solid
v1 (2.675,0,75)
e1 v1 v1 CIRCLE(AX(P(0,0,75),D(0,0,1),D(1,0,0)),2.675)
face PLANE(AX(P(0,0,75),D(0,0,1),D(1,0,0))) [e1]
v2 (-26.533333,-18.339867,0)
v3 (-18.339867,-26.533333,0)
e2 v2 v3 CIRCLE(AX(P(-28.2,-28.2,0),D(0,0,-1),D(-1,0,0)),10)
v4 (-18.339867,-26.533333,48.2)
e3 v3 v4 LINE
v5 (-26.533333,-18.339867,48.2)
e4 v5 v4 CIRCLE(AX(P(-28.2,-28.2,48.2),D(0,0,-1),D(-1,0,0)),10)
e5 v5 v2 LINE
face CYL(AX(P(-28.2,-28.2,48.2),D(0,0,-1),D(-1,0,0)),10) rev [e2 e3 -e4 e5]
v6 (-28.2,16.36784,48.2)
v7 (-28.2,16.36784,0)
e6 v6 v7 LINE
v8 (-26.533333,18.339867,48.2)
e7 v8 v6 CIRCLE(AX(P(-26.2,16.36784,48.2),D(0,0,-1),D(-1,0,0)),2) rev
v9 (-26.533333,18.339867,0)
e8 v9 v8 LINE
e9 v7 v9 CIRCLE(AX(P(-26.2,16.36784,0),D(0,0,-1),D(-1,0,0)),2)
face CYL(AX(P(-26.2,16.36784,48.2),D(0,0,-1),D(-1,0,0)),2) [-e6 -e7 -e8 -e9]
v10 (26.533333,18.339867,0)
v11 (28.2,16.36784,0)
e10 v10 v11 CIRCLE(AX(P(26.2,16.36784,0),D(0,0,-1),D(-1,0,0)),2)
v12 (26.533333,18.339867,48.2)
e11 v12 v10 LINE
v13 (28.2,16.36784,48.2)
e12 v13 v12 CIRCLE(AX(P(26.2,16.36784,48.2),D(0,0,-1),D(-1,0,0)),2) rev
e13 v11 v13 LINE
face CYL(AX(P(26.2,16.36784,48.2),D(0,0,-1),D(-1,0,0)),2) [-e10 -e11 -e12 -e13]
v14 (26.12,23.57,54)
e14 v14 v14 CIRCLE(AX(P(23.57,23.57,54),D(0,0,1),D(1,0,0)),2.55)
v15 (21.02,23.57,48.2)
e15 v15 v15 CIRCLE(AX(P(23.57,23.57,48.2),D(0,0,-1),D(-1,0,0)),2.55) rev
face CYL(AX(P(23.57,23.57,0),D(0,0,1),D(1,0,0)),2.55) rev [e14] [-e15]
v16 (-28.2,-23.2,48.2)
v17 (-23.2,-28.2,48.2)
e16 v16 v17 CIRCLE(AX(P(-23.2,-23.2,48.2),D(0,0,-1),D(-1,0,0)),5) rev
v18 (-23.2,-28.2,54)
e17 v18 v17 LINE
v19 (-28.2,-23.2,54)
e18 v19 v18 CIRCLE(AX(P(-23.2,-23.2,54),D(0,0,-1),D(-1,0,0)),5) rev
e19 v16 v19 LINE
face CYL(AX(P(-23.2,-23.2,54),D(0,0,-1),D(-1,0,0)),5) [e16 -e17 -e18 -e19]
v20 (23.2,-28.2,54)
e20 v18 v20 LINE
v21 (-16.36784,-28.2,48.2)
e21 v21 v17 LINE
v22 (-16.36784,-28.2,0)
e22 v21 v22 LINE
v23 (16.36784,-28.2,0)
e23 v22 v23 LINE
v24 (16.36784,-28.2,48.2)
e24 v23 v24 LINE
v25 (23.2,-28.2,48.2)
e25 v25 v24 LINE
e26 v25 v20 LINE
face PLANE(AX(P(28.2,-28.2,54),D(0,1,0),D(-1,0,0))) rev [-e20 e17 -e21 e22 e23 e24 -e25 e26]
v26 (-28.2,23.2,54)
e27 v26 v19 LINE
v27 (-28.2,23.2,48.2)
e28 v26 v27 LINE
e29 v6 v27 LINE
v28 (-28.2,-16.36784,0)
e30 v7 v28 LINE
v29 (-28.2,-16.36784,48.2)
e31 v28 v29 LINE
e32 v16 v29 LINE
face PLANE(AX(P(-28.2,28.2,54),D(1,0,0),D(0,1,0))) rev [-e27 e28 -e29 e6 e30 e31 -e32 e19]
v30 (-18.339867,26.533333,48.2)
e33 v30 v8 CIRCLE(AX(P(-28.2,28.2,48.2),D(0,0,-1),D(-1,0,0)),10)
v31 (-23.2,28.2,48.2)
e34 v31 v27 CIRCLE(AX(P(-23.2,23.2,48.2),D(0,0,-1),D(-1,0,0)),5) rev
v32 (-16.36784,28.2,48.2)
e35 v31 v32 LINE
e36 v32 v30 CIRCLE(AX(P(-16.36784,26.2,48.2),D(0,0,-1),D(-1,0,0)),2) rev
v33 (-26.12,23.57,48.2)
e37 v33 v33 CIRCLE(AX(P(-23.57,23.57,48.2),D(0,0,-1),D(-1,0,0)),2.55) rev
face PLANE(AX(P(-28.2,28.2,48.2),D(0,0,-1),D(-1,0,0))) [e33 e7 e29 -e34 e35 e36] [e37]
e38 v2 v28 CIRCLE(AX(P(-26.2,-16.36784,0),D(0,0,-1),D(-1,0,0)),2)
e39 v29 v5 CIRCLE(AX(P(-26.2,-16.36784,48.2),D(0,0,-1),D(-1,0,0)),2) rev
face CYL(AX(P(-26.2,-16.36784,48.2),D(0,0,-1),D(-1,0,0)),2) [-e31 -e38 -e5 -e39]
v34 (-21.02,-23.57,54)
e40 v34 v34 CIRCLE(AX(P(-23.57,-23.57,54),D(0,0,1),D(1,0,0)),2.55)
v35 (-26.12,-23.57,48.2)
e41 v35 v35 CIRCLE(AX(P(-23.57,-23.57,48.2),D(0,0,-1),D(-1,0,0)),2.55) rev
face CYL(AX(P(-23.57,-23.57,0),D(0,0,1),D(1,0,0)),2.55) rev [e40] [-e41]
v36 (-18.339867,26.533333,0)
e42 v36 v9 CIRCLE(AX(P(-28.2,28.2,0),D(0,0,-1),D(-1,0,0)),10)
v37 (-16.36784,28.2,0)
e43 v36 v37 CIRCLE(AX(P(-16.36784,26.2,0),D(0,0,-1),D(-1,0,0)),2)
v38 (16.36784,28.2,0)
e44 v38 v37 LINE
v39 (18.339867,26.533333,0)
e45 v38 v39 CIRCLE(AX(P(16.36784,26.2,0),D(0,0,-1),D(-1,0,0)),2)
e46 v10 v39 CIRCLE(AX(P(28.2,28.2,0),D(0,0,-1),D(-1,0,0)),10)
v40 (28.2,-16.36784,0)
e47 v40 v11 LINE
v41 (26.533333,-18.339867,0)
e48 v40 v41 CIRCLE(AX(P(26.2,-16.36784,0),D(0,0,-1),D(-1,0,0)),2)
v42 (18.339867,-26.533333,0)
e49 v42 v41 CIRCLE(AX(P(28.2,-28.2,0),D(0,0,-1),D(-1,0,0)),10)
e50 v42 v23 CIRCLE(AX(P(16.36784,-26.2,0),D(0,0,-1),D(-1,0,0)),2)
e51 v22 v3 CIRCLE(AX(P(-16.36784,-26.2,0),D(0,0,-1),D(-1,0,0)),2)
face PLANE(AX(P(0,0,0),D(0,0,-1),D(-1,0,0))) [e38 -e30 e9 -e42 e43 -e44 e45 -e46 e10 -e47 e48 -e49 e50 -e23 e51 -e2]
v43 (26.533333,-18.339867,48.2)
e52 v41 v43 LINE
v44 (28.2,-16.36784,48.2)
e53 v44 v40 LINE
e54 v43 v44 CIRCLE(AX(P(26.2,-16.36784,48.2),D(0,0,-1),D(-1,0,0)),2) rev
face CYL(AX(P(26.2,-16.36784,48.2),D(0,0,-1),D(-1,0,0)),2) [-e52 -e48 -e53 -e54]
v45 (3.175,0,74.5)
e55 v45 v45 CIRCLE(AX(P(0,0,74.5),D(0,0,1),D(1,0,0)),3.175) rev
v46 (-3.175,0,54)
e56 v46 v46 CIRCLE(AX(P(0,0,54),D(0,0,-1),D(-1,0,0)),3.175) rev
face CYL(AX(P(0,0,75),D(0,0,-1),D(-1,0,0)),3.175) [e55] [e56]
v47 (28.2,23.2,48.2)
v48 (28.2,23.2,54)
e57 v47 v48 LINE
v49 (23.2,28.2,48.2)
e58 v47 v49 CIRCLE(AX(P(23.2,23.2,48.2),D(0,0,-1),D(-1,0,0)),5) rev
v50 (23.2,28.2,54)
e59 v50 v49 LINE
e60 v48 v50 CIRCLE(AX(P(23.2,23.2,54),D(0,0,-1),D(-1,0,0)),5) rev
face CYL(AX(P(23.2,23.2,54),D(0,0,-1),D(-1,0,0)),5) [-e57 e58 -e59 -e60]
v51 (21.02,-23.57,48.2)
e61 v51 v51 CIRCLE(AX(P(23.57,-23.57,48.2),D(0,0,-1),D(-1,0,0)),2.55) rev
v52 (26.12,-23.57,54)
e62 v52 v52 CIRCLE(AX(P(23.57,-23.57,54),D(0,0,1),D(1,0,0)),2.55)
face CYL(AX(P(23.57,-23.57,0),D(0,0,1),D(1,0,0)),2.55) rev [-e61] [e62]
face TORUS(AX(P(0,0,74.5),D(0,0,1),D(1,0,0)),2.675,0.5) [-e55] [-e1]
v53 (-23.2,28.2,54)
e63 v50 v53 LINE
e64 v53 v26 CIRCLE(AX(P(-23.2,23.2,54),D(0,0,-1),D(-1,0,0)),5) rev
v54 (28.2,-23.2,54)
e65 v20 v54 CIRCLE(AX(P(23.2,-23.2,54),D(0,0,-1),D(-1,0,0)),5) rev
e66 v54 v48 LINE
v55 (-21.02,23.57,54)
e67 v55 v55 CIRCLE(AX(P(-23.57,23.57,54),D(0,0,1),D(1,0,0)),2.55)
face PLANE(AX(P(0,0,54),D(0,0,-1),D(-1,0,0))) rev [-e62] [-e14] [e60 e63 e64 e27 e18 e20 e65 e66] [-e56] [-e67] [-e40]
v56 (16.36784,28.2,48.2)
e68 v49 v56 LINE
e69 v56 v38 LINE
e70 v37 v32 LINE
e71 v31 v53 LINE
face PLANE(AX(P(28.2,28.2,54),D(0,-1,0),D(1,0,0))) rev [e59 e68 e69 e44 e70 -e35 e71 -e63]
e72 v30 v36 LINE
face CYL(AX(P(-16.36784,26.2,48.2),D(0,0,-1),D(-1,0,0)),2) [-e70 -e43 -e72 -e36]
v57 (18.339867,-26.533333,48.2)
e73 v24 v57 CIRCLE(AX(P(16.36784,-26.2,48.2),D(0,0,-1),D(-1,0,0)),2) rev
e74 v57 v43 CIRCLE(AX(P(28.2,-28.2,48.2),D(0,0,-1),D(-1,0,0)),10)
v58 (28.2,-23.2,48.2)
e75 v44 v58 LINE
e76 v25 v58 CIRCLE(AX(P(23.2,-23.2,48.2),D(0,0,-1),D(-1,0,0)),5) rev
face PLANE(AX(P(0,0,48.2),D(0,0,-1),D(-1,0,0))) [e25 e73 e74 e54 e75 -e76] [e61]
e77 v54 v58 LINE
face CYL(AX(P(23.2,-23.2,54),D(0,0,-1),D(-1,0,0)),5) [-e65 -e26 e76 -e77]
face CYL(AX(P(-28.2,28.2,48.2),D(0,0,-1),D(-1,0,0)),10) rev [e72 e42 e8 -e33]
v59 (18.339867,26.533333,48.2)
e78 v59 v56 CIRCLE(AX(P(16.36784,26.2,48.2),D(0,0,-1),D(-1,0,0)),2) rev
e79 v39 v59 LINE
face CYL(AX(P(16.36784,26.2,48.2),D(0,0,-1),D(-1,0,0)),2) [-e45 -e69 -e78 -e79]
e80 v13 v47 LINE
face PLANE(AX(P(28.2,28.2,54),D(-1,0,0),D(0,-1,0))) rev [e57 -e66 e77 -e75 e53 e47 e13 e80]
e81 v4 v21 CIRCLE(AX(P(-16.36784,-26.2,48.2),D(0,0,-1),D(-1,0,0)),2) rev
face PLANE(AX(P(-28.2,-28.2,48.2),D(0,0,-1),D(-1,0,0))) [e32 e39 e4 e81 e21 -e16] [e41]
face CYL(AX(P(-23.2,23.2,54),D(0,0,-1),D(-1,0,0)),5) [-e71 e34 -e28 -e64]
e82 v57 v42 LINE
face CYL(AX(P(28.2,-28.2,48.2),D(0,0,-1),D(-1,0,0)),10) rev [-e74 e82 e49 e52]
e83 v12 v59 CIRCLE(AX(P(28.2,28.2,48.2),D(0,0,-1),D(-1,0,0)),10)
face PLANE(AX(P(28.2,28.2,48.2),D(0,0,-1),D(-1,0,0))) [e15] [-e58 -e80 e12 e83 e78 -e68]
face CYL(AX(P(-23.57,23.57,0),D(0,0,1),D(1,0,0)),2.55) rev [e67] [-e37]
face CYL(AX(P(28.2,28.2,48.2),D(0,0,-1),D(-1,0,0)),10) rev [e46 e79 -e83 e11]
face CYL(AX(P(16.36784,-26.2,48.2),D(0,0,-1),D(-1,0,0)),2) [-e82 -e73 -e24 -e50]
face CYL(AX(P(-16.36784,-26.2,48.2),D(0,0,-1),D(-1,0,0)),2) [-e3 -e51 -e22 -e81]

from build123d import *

# Parameters (mm, degrees)
ESQUISSE2_W             = 56.4
ESQUISSE2_H             = 56.4
BOSS_EXTRU_2_DEPTH      = 54
ESQUISSE3_R             = 2.55
ENL_V_MAT_EXTRU_1_DEPTH = 54
CONG_2_R                = 5
CONG_3_R                = 5
CONG_4_R                = 5
CONG_6_R                = 5
ESQUISSE4_R             = 2.55
ENL_V_MAT_EXTRU_2_DEPTH = 48.2
CONG_7_R                = 2
CONG_8_R                = 2
CONG_9_R                = 2
CONG_10_R               = 2
CONG_11_R               = 2
CONG_12_R               = 2
CONG_13_R               = 2
CONG_14_R               = 2
ESQUISSE5_R             = 3.175
BOSS_EXTRU_3_DEPTH      = 21
CONG_15_R               = 0.5


with BuildPart() as part:
    # Esquisse2 → Boss.-Extru.2 (new body)
    with BuildSketch(Plane.XY):
        Rectangle(ESQUISSE2_W, ESQUISSE2_H)
    extrude(amount=BOSS_EXTRU_2_DEPTH)

    # Esquisse3 → Enlèv. mat.-Extru.1 (cut)
    with BuildSketch(Plane.XY.offset(54)):
        with Locations((-23.57, 23.57)):
            Circle(ESQUISSE3_R)
        with Locations((23.57, 23.57)):
            Circle(ESQUISSE3_R)
        with Locations((23.57, -23.57)):
            Circle(ESQUISSE3_R)
        with Locations((-23.57, -23.57)):
            Circle(ESQUISSE3_R)
    extrude(amount=-ENL_V_MAT_EXTRU_1_DEPTH, mode=Mode.SUBTRACT)

    # Congé2
    cong_2_edges = [part.edges().sort_by_distance(p)[0] for p in [
        (28.2, 28.2, 27),
    ]]
    fillet(cong_2_edges, radius=CONG_2_R)

    # Congé3
    cong_3_edges = [part.edges().sort_by_distance(p)[0] for p in [
        (28.2, -28.2, 27),
    ]]
    fillet(cong_3_edges, radius=CONG_3_R)

    # Congé4
    cong_4_edges = [part.edges().sort_by_distance(p)[0] for p in [
        (-28.2, 28.2, 27),
    ]]
    fillet(cong_4_edges, radius=CONG_4_R)

    # Congé6
    cong_6_edges = [part.edges().sort_by_distance(p)[0] for p in [
        (-28.2, -28.2, 27),
    ]]
    fillet(cong_6_edges, radius=CONG_6_R)

    # Esquisse4 → Enlèv. mat.-Extru.2 (cut)
    with BuildSketch(Plane(origin=(0, 0, 0), x_dir=(-1, 0, 0), z_dir=(0, 0, -1))):
        with BuildLine():
            ThreePointArc((-18.2, -28.2), (-21.128932188, -21.128932188), (-28.2, -18.2))
            Line((-28.2, -18.2), (-28.2, -23.2))
            ThreePointArc((-28.2, -23.2), (-26.735533906, -26.735533906), (-23.2, -28.2))
            Line((-23.2, -28.2), (-18.2, -28.2))
        make_face()
        with Locations((-23.57, -23.57)):
            Circle(ESQUISSE4_R, mode=Mode.SUBTRACT)
        with BuildLine():
            Line((-28.2, 28.2), (-18.2, 28.2))
            ThreePointArc((-18.2, 28.2), (-21.128932188, 21.128932188), (-28.2, 18.2))
            Line((-28.2, 18.2), (-28.2, 28.2))
        make_face()
        with BuildLine():
            ThreePointArc((28.2, -18.2), (21.128932188, -21.128932188), (18.2, -28.2))
            Line((18.2, -28.2), (28.2, -28.2))
            Line((28.2, -28.2), (28.2, -18.2))
        make_face()
        with BuildLine():
            ThreePointArc((18.2, 28.2), (21.128932188, 21.128932188), (28.2, 18.2))
            Line((28.2, 18.2), (28.2, 28.2))
            Line((28.2, 28.2), (18.2, 28.2))
        make_face()
    extrude(amount=-ENL_V_MAT_EXTRU_2_DEPTH, mode=Mode.SUBTRACT)

    # Congé7
    cong_7_edges = [part.edges().sort_by_distance(p)[0] for p in [
        (18.2, 28.2, 24.1),
    ]]
    fillet(cong_7_edges, radius=CONG_7_R)

    # Congé8
    cong_8_edges = [part.edges().sort_by_distance(p)[0] for p in [
        (28.2, 18.2, 24.1),
    ]]
    fillet(cong_8_edges, radius=CONG_8_R)

    # Congé9
    cong_9_edges = [part.edges().sort_by_distance(p)[0] for p in [
        (-18.2, 28.2, 24.1),
    ]]
    fillet(cong_9_edges, radius=CONG_9_R)

    # Congé10
    cong_10_edges = [part.edges().sort_by_distance(p)[0] for p in [
        (-28.2, 18.2, 24.1),
    ]]
    fillet(cong_10_edges, radius=CONG_10_R)

    # Congé11
    cong_11_edges = [part.edges().sort_by_distance(p)[0] for p in [
        (-28.2, -18.2, 24.1),
    ]]
    fillet(cong_11_edges, radius=CONG_11_R)

    # Congé12
    cong_12_edges = [part.edges().sort_by_distance(p)[0] for p in [
        (-18.2, -28.2, 24.1),
    ]]
    fillet(cong_12_edges, radius=CONG_12_R)

    # Congé13
    cong_13_edges = [part.edges().sort_by_distance(p)[0] for p in [
        (18.2, -28.2, 24.1),
    ]]
    fillet(cong_13_edges, radius=CONG_13_R)

    # Congé14
    cong_14_edges = [part.edges().sort_by_distance(p)[0] for p in [
        (28.2, -18.2, 24.1),
    ]]
    fillet(cong_14_edges, radius=CONG_14_R)

    # Esquisse5 → Boss.-Extru.3 (add)
    with BuildSketch(Plane.XY.offset(54)):
        Circle(ESQUISSE5_R)
    extrude(amount=BOSS_EXTRU_3_DEPTH)

    # Congé15
    cong_15_edges = [part.edges().sort_by_distance(p)[0] for p in [
        (-3.175, 0, 75),
    ]]
    fillet(cong_15_edges, radius=CONG_15_R)


solid = part.part
